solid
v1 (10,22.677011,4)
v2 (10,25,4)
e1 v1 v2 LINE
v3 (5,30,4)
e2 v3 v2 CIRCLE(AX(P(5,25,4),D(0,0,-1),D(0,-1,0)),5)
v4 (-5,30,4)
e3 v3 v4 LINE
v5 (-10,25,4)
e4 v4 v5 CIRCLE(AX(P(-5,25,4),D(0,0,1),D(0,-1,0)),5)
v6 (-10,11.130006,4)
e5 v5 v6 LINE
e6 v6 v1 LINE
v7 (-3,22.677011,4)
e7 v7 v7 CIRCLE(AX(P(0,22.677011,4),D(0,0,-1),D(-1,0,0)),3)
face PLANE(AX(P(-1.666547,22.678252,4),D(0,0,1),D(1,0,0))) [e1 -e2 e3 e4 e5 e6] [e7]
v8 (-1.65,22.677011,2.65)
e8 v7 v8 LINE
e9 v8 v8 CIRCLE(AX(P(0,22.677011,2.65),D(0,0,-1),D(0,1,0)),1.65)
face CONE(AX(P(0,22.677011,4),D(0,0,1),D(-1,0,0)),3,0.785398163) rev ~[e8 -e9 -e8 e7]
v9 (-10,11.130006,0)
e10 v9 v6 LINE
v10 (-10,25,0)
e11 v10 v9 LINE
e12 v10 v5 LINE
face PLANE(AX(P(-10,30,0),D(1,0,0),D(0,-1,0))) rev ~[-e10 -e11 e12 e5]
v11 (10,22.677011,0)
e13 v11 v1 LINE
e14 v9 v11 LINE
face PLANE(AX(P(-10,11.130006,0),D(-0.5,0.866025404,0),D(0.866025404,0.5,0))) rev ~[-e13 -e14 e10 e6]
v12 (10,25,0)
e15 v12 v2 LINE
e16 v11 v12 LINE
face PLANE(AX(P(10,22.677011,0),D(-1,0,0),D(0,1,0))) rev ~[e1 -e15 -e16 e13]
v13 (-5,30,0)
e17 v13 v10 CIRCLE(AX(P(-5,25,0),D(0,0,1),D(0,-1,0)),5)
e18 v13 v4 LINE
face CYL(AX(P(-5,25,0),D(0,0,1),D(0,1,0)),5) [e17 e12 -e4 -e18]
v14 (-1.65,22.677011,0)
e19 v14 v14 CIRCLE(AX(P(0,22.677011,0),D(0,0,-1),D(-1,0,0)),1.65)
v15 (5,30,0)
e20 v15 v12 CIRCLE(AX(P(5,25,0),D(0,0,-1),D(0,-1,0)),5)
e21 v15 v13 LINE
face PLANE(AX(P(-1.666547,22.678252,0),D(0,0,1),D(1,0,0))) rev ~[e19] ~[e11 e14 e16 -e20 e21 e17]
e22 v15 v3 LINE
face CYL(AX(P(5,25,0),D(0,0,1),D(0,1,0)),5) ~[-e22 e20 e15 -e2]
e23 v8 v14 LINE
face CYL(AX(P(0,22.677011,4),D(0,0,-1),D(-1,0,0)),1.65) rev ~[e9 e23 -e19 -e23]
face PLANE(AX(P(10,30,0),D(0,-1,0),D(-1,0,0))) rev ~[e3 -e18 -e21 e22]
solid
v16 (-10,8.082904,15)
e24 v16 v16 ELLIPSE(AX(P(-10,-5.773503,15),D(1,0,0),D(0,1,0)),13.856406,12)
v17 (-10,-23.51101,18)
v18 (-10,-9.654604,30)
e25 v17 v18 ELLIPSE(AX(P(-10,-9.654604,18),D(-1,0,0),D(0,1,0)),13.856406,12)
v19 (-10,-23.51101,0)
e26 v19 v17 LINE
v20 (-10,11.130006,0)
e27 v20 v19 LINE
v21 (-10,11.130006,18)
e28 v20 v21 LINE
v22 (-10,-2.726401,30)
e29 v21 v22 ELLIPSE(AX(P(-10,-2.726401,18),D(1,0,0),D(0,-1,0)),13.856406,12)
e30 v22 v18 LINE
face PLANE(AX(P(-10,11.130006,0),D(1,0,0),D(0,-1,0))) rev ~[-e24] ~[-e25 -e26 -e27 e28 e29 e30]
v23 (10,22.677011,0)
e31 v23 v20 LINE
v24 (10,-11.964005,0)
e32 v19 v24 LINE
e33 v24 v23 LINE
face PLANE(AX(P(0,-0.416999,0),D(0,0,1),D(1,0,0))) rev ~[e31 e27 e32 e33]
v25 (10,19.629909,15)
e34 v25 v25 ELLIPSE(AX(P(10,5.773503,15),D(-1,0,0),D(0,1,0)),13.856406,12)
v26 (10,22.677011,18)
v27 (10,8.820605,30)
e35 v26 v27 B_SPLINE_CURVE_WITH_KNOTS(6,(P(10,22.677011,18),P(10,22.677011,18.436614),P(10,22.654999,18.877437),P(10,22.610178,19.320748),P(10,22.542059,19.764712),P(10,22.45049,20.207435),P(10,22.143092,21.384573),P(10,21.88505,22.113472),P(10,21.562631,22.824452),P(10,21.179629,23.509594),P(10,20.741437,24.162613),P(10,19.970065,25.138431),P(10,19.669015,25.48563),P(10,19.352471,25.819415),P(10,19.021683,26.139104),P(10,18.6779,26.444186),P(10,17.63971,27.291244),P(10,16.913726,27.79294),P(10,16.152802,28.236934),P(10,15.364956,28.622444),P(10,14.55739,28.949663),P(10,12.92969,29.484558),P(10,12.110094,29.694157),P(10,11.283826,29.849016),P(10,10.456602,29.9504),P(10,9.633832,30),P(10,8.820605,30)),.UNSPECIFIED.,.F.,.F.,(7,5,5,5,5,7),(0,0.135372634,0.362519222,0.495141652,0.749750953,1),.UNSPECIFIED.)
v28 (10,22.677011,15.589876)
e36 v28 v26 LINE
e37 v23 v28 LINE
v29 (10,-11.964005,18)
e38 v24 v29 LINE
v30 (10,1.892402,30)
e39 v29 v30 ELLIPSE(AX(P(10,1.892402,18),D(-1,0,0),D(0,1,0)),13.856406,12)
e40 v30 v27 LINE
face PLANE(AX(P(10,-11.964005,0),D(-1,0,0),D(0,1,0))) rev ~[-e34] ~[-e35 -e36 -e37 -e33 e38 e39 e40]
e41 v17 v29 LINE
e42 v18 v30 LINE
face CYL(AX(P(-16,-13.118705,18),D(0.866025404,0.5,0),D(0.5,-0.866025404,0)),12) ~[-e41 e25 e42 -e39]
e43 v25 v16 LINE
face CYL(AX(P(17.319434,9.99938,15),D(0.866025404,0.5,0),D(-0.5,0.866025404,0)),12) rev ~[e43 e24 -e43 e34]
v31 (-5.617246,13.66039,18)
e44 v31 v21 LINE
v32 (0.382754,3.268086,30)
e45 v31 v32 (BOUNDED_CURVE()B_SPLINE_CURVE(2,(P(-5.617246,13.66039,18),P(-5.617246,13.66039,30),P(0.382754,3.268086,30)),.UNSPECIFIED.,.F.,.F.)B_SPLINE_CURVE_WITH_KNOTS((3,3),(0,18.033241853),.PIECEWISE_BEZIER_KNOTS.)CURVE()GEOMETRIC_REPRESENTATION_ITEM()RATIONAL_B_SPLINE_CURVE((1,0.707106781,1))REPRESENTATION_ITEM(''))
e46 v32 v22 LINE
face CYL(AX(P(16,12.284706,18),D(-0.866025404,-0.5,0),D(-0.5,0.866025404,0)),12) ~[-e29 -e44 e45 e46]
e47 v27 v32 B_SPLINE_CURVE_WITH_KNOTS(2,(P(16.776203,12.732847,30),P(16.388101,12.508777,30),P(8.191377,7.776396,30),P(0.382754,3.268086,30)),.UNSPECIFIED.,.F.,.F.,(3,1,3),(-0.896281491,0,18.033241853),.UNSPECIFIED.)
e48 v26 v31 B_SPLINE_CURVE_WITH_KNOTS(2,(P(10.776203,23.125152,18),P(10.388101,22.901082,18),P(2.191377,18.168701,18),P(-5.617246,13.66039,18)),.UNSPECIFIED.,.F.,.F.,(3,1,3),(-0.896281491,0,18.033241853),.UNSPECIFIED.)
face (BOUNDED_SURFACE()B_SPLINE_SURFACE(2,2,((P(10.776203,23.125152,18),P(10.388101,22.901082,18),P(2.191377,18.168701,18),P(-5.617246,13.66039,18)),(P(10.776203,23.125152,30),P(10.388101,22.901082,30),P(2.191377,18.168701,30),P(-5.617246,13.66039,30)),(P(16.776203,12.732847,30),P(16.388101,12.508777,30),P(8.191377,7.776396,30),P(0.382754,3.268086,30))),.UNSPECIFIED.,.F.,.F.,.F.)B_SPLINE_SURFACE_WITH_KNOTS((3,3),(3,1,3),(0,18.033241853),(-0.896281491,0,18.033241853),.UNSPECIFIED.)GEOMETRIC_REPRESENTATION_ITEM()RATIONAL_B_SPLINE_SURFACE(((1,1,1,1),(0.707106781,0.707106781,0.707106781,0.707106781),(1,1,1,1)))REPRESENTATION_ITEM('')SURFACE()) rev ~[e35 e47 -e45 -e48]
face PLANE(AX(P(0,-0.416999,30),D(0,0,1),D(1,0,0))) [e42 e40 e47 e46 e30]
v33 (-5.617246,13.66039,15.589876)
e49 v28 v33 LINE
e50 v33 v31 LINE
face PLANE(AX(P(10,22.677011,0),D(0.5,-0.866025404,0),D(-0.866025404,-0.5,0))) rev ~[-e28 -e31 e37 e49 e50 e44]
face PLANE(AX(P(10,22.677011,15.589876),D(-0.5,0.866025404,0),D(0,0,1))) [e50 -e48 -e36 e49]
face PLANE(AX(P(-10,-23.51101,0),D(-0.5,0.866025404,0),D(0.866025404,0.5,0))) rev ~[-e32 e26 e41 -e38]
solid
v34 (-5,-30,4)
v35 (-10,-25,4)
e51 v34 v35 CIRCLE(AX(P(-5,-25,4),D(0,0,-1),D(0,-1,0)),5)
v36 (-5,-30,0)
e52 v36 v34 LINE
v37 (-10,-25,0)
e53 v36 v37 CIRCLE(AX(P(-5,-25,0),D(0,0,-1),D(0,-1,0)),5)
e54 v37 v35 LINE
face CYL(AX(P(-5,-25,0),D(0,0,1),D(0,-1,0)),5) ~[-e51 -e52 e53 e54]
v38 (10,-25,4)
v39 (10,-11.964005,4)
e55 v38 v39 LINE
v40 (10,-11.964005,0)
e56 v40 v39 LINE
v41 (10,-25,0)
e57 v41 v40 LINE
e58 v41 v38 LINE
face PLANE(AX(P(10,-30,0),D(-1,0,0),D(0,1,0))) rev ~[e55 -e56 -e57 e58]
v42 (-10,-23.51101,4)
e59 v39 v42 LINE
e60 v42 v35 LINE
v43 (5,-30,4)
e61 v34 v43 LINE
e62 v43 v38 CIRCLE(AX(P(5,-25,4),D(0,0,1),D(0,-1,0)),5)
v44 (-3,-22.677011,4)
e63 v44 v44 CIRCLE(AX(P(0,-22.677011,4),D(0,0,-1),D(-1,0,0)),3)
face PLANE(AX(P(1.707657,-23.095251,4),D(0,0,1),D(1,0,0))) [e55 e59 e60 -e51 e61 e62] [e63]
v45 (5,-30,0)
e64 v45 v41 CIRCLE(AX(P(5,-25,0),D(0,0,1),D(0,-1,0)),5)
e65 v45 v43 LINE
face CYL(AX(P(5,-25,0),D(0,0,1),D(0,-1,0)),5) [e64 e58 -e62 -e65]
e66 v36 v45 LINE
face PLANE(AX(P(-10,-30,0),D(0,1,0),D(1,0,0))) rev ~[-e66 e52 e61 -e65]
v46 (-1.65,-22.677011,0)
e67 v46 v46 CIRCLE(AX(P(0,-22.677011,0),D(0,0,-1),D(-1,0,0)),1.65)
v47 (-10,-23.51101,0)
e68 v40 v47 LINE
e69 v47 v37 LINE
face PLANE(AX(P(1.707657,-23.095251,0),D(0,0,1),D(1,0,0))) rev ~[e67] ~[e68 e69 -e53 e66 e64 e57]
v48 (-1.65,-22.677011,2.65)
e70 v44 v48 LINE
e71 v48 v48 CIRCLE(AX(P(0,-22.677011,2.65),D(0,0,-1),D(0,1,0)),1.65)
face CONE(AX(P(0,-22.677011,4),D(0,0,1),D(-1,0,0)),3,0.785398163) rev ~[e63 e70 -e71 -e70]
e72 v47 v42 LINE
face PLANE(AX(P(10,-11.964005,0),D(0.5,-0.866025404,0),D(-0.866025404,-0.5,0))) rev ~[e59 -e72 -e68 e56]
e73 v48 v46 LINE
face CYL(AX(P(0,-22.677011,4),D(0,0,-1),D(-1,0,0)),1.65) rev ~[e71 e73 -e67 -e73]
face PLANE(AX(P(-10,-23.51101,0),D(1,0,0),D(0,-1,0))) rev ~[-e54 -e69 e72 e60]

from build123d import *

# Parameters (mm, degrees)
F1_DEPTH          = 4
F2_DEPTH          = 30
F3_W              = 18.0332418531
F3_H              = 11.783156544
F4_DEPTH          = 25
F6_R              = 12
F7_DEPTH          = 67.5
F7_DEPTH_BACK     = 25
F8_DEPTH          = 25
F10_D             = 3.3
F10_CSINK_D       = 6
F10_CSINK_ANGLE   = 90
F10_2_D           = 3.3
F10_2_CSINK_D     = 6
F10_2_CSINK_ANGLE = 90
F11_R             = 5
F11_2_R           = 5
F12_R             = 12


with BuildPart() as f1:
    # F0 (on Top) → F1 (new body)
    with BuildSketch(Plane.XY):
        Polygon((10, 30), (-10, 30), (-10, 11.1300059103), (10, 22.677011294), align=None)
    extrude(amount=F1_DEPTH)

    # F10 (through all)
    with Locations(Plane.XY.offset(4)):
        with Locations((0, 22.677011294), (0, -22.677011294)):
            CounterSinkHole(F10_D / 2, F10_CSINK_D / 2, counter_sink_angle=F10_CSINK_ANGLE)

    # F11
    f11_edges = [f1.edges().sort_by_distance(p)[0] for p in [
        (-10, 30, 2),
        (10, 30, 2),
    ]]
    fillet(f11_edges, radius=F11_R)


with BuildPart() as f1b:
    # F0 (on Top) → F1, piece 2 (new body)
    with BuildSketch(Plane.XY):
        Polygon((10, -11.9640048573), (-10, -23.5110102411), (-10, -30), (10, -30), align=None)
    extrude(amount=F1_DEPTH)

    # F10#2 (through all)
    with Locations(Plane.XY.offset(4)):
        with Locations((0, 22.677011294), (0, -22.677011294)):
            CounterSinkHole(F10_2_D / 2, F10_2_CSINK_D / 2, counter_sink_angle=F10_2_CSINK_ANGLE)

    # F11#2
    f11_2_edges = [f1b.edges().sort_by_distance(p)[0] for p in [
        (10, -30, 2),
        (-10, -30, 2),
    ]]
    fillet(f11_2_edges, radius=F11_2_R)


with BuildPart() as f2:
    # F0 (on Top) → F2 (new body)
    with BuildSketch(Plane.XY):
        Polygon((10, 22.677011294), (-10, 11.1300059103), (-10, -23.5110102411), (10, -11.9640048573), align=None)
    extrude(amount=F2_DEPTH)

    # F3 (on face) → F4 (join)
    with BuildSketch(Plane(origin=(-7.3194339313, 12.6776314516, 0), x_dir=(-0.8660254038, -0.5, 0), z_dir=(-0.5, 0.8660254038, 0))):
        with Locations((-10.9821387583, 21.4814543724)):
            Rectangle(F3_W, F3_H)
    extrude(amount=F4_DEPTH)

    # F6 (on offset) → F7 (cut, two sides)
    with BuildSketch(Plane(origin=(17.3194339313, 9.9993798424, 0), x_dir=(-0.5, 0.8660254038, 0), z_dir=(0.8660254038, 0.5, 0))) as f7_sk:
        with Locations((0, 15)):
            Circle(F6_R)
    extrude(amount=-F7_DEPTH, mode=Mode.SUBTRACT)
    extrude(f7_sk.sketch, amount=F7_DEPTH_BACK, mode=Mode.SUBTRACT)

    # F8 (cut): a face of the model
    f8_faces = [f2.faces().sort_by_distance(p)[0] for p in [
        (3.75, 33.5023288414, 21.4814543724),
    ]]
    extrude(f8_faces, amount=-F8_DEPTH, mode=Mode.SUBTRACT)

    # F12
    f12_edges = [f2.edges().sort_by_distance(p)[0] for p in [
        (0, 16.903509, 30),
        (0, -17.737508, 30),
    ]]
    fillet(f12_edges, radius=F12_R)


solid = Compound([f1.part, f1b.part, f2.part])
